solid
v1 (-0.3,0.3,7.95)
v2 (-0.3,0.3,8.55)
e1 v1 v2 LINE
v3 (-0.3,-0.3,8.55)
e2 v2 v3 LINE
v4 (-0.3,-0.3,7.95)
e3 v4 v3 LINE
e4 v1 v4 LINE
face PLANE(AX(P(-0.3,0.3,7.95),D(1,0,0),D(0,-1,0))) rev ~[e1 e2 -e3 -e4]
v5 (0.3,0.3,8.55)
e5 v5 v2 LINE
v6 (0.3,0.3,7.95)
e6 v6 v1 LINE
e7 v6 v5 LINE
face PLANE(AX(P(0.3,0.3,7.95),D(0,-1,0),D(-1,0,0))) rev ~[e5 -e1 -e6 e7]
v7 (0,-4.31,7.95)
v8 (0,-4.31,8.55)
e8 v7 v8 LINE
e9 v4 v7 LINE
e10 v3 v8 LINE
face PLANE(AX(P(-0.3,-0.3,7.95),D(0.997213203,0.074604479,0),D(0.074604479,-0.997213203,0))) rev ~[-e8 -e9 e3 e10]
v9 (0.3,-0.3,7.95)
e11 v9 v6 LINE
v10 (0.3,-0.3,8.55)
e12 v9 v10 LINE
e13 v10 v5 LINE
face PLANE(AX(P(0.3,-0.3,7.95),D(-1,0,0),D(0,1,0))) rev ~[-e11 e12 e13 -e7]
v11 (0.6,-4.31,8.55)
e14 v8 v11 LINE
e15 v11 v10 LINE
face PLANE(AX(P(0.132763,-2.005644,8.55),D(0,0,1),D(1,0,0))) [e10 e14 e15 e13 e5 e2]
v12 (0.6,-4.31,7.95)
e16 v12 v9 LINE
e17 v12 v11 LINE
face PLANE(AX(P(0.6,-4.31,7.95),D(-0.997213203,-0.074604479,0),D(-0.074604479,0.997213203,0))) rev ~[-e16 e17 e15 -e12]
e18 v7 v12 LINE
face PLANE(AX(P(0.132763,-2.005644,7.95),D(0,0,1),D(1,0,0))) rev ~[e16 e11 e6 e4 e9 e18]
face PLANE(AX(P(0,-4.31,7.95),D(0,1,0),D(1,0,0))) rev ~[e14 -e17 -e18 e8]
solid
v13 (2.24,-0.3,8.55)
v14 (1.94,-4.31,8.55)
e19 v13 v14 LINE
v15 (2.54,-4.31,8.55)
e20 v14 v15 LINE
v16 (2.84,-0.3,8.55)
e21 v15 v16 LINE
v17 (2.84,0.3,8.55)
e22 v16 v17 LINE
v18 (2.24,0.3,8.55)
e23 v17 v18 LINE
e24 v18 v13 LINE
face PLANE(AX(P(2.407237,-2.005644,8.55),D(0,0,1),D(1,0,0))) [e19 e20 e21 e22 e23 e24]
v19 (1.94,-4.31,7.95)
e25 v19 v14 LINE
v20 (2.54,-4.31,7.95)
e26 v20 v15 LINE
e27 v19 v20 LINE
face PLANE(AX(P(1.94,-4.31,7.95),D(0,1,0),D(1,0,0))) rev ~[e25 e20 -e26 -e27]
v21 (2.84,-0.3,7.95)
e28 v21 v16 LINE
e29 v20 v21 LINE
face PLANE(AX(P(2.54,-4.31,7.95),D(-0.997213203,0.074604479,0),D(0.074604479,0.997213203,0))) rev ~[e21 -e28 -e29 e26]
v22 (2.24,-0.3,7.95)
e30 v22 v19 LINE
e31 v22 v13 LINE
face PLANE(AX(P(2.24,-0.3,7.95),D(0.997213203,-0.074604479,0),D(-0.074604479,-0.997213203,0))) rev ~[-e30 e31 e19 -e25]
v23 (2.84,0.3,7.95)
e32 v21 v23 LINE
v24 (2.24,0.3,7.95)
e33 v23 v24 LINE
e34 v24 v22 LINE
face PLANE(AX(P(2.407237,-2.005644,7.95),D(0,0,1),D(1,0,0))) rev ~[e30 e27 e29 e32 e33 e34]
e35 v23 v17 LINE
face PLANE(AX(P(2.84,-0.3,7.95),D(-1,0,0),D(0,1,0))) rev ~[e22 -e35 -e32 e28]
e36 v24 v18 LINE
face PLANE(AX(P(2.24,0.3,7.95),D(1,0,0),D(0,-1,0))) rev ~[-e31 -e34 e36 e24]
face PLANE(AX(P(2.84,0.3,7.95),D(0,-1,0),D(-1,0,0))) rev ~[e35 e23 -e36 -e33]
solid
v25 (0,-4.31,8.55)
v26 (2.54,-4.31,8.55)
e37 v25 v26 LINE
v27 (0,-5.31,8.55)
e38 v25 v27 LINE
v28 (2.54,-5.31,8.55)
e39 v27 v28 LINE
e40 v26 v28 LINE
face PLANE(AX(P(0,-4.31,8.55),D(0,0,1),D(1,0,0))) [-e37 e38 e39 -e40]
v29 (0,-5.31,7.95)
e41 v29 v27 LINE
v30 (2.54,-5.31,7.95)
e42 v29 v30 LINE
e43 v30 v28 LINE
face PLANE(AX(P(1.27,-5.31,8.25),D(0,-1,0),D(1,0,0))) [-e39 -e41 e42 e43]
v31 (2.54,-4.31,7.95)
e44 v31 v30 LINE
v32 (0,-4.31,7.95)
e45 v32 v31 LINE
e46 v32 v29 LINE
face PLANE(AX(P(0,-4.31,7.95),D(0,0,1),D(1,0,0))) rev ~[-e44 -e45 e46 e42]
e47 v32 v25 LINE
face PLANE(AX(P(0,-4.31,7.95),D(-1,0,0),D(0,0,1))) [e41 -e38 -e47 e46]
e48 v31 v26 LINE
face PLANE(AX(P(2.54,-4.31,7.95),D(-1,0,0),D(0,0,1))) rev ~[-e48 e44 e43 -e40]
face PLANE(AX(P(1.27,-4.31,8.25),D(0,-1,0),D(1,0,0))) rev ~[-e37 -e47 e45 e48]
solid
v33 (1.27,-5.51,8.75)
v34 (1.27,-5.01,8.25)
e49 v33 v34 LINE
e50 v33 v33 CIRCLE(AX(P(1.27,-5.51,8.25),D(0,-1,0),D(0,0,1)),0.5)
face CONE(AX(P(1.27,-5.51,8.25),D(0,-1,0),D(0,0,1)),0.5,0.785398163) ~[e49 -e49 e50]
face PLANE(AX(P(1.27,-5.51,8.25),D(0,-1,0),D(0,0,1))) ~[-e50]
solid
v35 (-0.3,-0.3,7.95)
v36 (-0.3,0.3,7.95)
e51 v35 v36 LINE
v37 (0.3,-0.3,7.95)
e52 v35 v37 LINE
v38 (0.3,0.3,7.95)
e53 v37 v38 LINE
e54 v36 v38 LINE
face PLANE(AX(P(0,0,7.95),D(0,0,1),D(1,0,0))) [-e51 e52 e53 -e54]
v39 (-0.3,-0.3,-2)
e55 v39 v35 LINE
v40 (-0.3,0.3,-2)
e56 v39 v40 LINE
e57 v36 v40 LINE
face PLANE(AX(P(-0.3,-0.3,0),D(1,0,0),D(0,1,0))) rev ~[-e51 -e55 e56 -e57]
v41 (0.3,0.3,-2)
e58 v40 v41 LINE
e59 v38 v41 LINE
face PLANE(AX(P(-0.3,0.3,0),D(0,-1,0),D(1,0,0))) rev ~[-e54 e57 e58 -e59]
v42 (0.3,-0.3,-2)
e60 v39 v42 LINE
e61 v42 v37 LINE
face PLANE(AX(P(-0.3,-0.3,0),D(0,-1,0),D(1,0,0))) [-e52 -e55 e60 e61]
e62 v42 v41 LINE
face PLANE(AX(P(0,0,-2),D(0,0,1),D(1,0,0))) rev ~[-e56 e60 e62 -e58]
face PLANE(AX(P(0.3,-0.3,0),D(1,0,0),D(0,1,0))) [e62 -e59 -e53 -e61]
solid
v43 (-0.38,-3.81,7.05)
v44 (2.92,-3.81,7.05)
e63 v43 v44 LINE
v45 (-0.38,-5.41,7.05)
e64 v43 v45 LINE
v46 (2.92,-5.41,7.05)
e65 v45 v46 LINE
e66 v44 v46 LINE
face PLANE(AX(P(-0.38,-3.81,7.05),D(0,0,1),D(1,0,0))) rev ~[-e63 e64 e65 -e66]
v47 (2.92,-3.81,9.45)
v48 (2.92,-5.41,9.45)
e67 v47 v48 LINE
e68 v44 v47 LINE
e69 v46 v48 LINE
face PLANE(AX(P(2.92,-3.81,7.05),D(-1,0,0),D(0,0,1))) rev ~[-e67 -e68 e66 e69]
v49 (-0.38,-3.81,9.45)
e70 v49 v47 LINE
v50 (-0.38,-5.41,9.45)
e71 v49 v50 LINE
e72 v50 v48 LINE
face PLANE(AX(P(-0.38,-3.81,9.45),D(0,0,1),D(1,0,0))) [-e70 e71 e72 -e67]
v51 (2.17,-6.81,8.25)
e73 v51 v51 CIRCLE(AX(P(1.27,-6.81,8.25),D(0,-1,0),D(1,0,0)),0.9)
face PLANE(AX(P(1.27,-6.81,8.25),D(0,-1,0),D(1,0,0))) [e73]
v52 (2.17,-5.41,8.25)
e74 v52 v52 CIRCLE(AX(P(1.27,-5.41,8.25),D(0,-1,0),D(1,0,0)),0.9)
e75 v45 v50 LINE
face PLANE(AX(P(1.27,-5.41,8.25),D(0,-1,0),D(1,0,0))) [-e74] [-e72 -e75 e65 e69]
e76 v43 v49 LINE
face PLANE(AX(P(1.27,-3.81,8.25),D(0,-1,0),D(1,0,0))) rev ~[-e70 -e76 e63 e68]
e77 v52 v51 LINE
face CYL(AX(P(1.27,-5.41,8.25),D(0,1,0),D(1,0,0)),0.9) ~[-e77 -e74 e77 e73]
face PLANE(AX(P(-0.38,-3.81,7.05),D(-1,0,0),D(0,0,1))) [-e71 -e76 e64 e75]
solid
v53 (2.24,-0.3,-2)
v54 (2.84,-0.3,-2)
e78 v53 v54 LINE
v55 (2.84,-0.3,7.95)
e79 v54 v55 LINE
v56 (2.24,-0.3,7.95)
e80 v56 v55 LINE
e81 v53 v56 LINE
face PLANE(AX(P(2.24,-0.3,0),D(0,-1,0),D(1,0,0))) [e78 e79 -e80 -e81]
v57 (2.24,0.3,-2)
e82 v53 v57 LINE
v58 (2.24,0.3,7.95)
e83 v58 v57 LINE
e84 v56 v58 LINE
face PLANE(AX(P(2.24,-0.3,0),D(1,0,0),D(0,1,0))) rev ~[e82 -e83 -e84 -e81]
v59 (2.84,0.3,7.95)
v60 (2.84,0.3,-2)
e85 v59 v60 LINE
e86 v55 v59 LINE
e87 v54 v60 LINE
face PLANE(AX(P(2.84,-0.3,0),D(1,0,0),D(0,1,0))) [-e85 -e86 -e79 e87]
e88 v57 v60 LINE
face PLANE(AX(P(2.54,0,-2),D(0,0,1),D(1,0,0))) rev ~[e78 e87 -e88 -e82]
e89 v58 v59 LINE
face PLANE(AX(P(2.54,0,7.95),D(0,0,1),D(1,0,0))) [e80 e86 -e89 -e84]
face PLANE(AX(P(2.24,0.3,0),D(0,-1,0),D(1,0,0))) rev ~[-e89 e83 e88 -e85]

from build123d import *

# Parameters (mm, degrees)
SKETCH_W       = 0.6
SKETCH_H       = 0.6
PAD_DEPTH      = 7.95
PAD_DEPTH_BACK = 2
PAD001_DEPTH   = 0.6
SKETCH002_W    = 2.54
SKETCH002_H    = 0.6
PAD002_DEPTH   = 1
SKETCH004_W    = 3.3
SKETCH004_H    = 2.4
PAD003_DEPTH   = 1.6
SKETCH006_R    = 0.9
PAD004_DEPTH   = 1.4


with BuildPart() as pad:
    # Sketch → Pad (new body, two sides)
    with BuildSketch(Plane.XY) as pad_sk:
        Rectangle(SKETCH_W, SKETCH_H)
        with Locations((2.54, 0)):
            Rectangle(SKETCH_W, SKETCH_H)
    extrude(amount=PAD_DEPTH)
    extrude(pad_sk.sketch, amount=-PAD_DEPTH_BACK)


with BuildPart() as pad001:
    # Sketch001 → Pad001 (new body)
    with BuildSketch(Plane.XY.offset(7.95)):
        Polygon((0.3, 0.3), (-0.3, 0.3), (-0.3, -0.3), (0, -4.31), (0.6, -4.31), (0.3, -0.3), align=None)
        Polygon((2.84, 0.3), (2.24, 0.3), (2.24, -0.3), (1.94, -4.31), (2.54, -4.31), (2.84, -0.3), align=None)
    extrude(amount=PAD001_DEPTH)


with BuildPart() as pad002:
    # Sketch002 → Pad002 (new body)
    with BuildSketch(Plane.XZ.offset(4.31)):
        with Locations((1.27, 8.25)):
            Rectangle(SKETCH002_W, SKETCH002_H)
    extrude(amount=PAD002_DEPTH)


with BuildPart() as revolution001:
    # Sketch005 → Revolution001 (revolve)
    with BuildSketch(Plane.YZ.offset(1.27)):
        Polygon((-5.01, 8.25), (-5.51, 8.25), (-5.51, 8.75), align=None)
    revolve(axis=Axis((1.27, -3.977201, 8.25), (0, -1, 0)))


with BuildPart() as pad004:
    # Sketch004 → Pad003 (new body)
    with BuildSketch(Plane.XZ.offset(3.81)):
        with Locations((1.27, 8.25)):
            Rectangle(SKETCH004_W, SKETCH004_H)
    extrude(amount=PAD003_DEPTH)

    # Sketch006 → Pad004 (new body)
    with BuildSketch(Plane.XZ.offset(5.41)):
        with Locations((1.27, 8.25)):
            Circle(SKETCH006_R)
    extrude(amount=PAD004_DEPTH)


solid = Compound([pad.part, pad001.part, pad002.part, revolution001.part, pad004.part])
